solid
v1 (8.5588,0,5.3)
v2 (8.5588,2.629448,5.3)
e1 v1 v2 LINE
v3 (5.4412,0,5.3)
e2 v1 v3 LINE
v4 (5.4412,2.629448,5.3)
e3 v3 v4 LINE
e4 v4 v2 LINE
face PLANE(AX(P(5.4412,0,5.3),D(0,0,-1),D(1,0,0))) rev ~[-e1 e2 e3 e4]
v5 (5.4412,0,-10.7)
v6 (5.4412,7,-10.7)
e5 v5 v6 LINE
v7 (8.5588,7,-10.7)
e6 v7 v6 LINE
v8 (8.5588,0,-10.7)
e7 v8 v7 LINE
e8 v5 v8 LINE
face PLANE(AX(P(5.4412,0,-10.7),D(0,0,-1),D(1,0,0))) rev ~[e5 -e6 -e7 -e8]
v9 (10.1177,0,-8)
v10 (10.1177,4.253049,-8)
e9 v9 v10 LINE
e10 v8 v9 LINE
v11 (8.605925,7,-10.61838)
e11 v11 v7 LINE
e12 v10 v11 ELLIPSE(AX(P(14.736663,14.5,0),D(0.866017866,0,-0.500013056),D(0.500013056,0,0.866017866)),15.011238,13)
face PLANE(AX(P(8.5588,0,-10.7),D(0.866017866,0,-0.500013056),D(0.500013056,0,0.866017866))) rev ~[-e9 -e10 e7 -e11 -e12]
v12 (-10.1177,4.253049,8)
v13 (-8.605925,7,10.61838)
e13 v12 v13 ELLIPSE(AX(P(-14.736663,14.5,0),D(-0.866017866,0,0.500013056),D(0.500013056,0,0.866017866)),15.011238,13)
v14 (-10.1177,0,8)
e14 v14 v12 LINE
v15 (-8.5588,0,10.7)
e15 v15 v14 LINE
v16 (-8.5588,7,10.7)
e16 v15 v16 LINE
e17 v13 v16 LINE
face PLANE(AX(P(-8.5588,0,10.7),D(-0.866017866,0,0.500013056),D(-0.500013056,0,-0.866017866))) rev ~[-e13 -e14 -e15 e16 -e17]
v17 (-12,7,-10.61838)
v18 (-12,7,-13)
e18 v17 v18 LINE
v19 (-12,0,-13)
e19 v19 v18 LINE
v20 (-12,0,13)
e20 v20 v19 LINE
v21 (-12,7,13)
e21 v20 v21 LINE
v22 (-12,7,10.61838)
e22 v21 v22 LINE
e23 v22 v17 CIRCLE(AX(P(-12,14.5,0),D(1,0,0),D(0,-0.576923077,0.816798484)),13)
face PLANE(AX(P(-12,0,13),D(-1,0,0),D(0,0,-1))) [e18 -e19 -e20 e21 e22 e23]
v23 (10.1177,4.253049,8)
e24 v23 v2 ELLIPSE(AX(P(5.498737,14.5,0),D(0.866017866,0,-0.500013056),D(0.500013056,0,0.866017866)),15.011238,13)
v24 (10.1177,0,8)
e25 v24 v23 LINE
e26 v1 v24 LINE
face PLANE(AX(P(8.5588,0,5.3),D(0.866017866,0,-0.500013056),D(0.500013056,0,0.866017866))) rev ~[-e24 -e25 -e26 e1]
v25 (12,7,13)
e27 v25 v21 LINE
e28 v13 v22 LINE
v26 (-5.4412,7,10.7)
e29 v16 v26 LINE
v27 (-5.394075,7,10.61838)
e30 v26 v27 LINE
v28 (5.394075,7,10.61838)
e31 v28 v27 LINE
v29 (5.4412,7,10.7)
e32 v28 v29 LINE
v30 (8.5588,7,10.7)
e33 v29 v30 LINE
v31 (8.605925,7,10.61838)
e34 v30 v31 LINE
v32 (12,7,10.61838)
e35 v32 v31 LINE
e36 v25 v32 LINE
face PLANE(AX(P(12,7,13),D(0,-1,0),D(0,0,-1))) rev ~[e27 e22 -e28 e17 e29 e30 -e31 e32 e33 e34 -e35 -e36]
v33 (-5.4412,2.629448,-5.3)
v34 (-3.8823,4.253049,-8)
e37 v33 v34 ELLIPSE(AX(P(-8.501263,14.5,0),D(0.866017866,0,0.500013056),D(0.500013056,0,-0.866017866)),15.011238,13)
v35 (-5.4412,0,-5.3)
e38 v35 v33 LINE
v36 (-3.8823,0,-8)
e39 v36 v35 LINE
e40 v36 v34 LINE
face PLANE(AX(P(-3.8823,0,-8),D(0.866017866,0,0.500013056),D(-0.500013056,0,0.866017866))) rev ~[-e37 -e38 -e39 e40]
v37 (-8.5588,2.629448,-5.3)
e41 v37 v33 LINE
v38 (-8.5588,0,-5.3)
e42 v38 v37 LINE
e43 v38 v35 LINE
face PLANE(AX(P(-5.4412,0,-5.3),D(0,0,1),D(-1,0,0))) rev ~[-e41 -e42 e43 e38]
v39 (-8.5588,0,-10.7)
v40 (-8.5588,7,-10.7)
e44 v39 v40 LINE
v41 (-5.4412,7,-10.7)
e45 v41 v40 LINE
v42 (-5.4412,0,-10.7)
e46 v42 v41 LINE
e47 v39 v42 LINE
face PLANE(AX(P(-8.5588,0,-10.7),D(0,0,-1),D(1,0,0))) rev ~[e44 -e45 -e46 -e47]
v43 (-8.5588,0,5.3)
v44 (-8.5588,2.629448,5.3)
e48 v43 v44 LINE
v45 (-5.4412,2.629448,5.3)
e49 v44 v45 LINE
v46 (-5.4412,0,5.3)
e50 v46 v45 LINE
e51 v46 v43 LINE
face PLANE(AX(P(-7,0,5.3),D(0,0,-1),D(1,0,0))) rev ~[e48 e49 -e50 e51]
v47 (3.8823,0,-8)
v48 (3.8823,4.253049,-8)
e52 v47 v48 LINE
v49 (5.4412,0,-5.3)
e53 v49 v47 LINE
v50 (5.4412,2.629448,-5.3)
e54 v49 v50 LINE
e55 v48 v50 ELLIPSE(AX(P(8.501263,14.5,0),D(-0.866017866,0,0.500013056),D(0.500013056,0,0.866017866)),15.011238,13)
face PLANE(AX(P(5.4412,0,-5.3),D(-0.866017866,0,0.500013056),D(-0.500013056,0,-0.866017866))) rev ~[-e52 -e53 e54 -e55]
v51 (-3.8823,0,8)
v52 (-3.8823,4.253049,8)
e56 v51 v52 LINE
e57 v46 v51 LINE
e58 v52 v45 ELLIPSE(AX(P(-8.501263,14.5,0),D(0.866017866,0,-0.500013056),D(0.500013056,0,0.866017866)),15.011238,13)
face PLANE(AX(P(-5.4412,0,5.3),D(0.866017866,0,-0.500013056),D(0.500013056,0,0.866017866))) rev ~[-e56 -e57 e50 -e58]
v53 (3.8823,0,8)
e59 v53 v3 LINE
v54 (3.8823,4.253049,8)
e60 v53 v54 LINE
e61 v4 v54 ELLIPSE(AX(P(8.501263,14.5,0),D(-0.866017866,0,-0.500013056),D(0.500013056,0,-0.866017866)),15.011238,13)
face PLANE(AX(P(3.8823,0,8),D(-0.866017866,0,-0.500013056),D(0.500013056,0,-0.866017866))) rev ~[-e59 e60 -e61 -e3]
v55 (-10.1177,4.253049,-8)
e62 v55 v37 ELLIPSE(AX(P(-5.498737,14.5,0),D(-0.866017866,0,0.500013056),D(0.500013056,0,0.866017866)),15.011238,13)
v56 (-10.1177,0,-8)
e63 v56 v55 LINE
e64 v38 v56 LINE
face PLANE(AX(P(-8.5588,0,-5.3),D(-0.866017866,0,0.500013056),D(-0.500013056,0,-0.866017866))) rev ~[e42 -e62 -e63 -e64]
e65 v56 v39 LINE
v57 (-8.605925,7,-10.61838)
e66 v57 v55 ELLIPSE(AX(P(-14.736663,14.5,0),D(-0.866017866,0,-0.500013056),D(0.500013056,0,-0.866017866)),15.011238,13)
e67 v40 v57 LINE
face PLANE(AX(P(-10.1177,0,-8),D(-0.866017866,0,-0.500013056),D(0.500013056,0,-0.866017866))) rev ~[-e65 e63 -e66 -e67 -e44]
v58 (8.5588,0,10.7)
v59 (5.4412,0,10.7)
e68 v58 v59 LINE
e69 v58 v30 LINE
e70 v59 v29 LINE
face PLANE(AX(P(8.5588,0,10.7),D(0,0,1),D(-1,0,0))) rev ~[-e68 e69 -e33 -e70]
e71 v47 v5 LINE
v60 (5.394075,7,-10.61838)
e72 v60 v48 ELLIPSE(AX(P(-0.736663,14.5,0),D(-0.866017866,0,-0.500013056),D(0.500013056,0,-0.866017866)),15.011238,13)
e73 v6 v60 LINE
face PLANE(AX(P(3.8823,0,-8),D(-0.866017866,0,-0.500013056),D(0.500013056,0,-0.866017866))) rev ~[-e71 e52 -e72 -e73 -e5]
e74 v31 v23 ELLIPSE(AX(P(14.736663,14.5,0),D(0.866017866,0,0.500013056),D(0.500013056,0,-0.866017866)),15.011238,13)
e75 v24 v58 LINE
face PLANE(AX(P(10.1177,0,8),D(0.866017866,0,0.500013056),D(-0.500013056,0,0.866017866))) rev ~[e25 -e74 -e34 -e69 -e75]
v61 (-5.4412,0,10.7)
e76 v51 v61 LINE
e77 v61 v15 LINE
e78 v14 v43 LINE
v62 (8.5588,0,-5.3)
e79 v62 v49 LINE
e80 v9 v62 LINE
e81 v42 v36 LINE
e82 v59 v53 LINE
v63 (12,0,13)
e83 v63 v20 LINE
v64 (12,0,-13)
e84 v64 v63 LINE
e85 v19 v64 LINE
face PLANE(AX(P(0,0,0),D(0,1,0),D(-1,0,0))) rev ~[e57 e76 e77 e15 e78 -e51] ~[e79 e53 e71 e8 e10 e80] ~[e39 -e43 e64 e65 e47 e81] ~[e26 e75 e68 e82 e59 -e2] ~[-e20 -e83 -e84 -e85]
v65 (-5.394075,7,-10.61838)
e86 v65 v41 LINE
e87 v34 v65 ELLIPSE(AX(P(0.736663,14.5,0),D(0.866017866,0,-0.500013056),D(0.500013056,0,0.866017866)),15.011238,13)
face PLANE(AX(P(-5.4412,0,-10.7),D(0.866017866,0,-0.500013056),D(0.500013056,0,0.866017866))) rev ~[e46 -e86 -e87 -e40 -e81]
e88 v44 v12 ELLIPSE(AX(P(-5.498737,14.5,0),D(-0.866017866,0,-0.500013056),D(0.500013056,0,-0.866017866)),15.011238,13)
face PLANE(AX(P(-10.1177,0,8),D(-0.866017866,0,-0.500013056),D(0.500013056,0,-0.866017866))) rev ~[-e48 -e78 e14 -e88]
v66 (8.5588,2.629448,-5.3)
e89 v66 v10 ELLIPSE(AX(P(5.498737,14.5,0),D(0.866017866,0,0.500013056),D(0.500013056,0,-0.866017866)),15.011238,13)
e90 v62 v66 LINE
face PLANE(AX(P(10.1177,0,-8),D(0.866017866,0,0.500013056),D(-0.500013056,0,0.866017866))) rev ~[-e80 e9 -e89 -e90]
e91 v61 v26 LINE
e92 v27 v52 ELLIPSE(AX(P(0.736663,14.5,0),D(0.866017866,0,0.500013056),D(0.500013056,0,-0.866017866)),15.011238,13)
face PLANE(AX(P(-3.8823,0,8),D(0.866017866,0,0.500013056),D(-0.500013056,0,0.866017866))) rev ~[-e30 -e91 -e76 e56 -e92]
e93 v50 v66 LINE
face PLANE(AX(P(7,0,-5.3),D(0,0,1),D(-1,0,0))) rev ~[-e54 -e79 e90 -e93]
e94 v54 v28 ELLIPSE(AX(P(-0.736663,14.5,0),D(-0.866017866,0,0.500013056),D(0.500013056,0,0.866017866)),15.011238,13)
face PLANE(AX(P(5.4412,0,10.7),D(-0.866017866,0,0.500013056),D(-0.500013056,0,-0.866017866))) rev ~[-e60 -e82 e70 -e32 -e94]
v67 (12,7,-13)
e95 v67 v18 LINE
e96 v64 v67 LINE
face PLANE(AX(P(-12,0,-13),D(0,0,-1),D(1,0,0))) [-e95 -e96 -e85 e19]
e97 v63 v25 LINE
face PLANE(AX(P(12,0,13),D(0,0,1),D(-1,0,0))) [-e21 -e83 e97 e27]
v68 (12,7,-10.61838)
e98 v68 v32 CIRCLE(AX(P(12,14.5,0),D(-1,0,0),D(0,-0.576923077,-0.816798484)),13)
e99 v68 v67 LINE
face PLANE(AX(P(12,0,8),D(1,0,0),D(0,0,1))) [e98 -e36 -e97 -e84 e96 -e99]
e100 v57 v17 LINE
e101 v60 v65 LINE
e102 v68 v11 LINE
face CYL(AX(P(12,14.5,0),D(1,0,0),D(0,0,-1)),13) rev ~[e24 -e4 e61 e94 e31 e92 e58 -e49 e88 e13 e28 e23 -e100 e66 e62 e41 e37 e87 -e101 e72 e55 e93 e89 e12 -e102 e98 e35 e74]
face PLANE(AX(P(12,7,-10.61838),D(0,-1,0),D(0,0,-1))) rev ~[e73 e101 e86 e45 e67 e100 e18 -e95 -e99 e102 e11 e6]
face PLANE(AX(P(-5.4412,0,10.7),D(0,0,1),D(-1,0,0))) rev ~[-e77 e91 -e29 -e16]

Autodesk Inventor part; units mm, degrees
ref_plane "YZ Plane" through (0, 0, 0) normal (1, 0, 0) x (0, 1, 0)
ref_plane "XZ Plane" through (0, 0, 0) normal (0, 1, 0) x (-1, 0, 0)
ref_plane "XY Plane" through (0, 0, 0) normal (0, 0, 1) x (1, 0, 0)
sketch "Эскиз1" plane through (0, 0, 0) normal (0, 1, 0) x (-1, 0, 0)
  line L0 (7, -8) -> (-7, -8)
  line L1 (-7, -8) -> (-7, 8)
  line L2 (-7, 8) -> (7, 8)
  line L3 (7, 8) -> (7, -8)
  circle A0 centre (7, 8) radius 1.6
  circle A1 centre (7, -8) radius 1.6
  circle A2 centre (-7, -8) radius 1.6
  circle A3 centre (-7, 8) radius 1.6
  line L4 (7, 8) -> (7, 5.3)
  line L5 (7, -8) -> (7, -5.3)
  line L6 (-7, -8) -> (-7, -5.3)
  line L7 (-7, 8) -> (-7, 5.3)
  line L8 (5.4412, 5.3) -> (3.8823, 8)
  line L9 (3.8823, 8) -> (5.4412, 10.7)
  line L10 (5.4412, 10.7) -> (8.5588, 10.7)
  line L11 (8.5588, 10.7) -> (10.1177, 8)
  line L12 (10.1177, 8) -> (8.5588, 5.3)
  line L13 (8.5588, 5.3) -> (5.4412, 5.3)
  line L14 (8.5588, -5.3) -> (10.1177, -8)
  line L15 (10.1177, -8) -> (8.5588, -10.7)
  line L16 (8.5588, -10.7) -> (5.4412, -10.7)
  line L17 (5.4412, -10.7) -> (3.8823, -8)
  line L18 (3.8823, -8) -> (5.4412, -5.3)
  line L19 (5.4412, -5.3) -> (8.5588, -5.3)
  line L20 (-5.4412, -5.3) -> (-3.8823, -8)
  line L21 (-3.8823, -8) -> (-5.4412, -10.7)
  line L22 (-5.4412, -10.7) -> (-8.5588, -10.7)
  line L23 (-8.5588, -10.7) -> (-10.1177, -8)
  line L24 (-10.1177, -8) -> (-8.5588, -5.3)
  line L25 (-8.5588, -5.3) -> (-5.4412, -5.3)
  line L26 (-8.5588, 5.3) -> (-10.1177, 8)
  line L27 (-10.1177, 8) -> (-8.5588, 10.7)
  line L28 (-8.5588, 10.7) -> (-5.4412, 10.7)
  line L29 (-5.4412, 10.7) -> (-3.8823, 8)
  line L30 (-3.8823, 8) -> (-5.4412, 5.3)
  line L31 (-5.4412, 5.3) -> (-8.5588, 5.3)
  line L32 (-12, 8) -> (-12, 13)
  line L33 (-12, 13) -> (-7, 13)
  line L34 (-12, 13) -> (12, 13)
  line L35 (12, 13) -> (12, -13)
  line L36 (12, -13) -> (-12, -13)
  line L37 (-12, -13) -> (-12, 13)
  point P0 (0, 0)
  dimension "d2" = 14
  dimension "d3" = 16
  dimension "d4" = 3.2
  dimension "d5" = 3.2
  dimension "d6" = 3.2
  dimension "d7" = 3.2
  dimension "d8" = 2.7
  dimension "d9" = 2.7
  dimension "d10" = 2.7
  dimension "d11" = 2.7
  dimension "d12" = 5
  dimension "d13" = 5
  dimension "d14" = 24
  dimension "d15" = 26
extrude "Выдавливание1" add sketch "Эскиз1" along normal blind 20 contours L0 L20 L25 L1 L31 L30 L2 L8 L13 L3 L19 L18 | L32 L33 L34 L35 L36 L37
sketch "Эскиз2" plane through (12, 0, 13) normal (1, 0, 0) x (0, 0, -1)
  line L0 (13, 0) -> (13, 14.5)
  circle A0 centre (13, 14.5) radius 12.5
  line L1 (0, 0) -> (0, 20) projected
  line L2 (0, 0) -> (0, 7)
  line L3 (26, 0) -> (26, 20) projected
  line L4 (26, 20) -> (0, 20) projected
  line L5 (0, 7) -> (26, 7)
  line L6 (26, 7) -> (26, 20)
  line L7 (26, 20) -> (0, 20)
  line L8 (0, 20) -> (0, 7)
  circle A1 centre (13, 14.5) radius 13
  point P0 (23, 7)
  point P1 (24.225, 20)
  point P2 (3, 7)
  point P3 (1.775, 20)
  point P4 (24.7792, 20)
  point P5 (1.2208, 20)
  point P6 (2.3816, 7)
  point P7 (23.6184, 7)
  dimension "d18" = 14.5
  dimension "d19" = 25
  dimension "d22" = 7
  dimension "d23" = 26
extrude "Выдавливание2" cut sketch "Эскиз2" against normal blind 24
sketch "Эскиз3" plane through (0, 0, 0) normal (0, -1, 0) x (1, 0, 0)
  circle A0 centre (7, 8) radius 1.5
  circle A1 centre (7, -8) radius 1.5
  circle A2 centre (-7, -8) radius 1.5
  circle A3 centre (-7, 8) radius 1.5
  point P0 (0, 0)
  dimension "d24" = 3
  dimension "d25" = 3
  dimension "d26" = 3
  dimension "d27" = 3
properties part number "держатель_гаек"
